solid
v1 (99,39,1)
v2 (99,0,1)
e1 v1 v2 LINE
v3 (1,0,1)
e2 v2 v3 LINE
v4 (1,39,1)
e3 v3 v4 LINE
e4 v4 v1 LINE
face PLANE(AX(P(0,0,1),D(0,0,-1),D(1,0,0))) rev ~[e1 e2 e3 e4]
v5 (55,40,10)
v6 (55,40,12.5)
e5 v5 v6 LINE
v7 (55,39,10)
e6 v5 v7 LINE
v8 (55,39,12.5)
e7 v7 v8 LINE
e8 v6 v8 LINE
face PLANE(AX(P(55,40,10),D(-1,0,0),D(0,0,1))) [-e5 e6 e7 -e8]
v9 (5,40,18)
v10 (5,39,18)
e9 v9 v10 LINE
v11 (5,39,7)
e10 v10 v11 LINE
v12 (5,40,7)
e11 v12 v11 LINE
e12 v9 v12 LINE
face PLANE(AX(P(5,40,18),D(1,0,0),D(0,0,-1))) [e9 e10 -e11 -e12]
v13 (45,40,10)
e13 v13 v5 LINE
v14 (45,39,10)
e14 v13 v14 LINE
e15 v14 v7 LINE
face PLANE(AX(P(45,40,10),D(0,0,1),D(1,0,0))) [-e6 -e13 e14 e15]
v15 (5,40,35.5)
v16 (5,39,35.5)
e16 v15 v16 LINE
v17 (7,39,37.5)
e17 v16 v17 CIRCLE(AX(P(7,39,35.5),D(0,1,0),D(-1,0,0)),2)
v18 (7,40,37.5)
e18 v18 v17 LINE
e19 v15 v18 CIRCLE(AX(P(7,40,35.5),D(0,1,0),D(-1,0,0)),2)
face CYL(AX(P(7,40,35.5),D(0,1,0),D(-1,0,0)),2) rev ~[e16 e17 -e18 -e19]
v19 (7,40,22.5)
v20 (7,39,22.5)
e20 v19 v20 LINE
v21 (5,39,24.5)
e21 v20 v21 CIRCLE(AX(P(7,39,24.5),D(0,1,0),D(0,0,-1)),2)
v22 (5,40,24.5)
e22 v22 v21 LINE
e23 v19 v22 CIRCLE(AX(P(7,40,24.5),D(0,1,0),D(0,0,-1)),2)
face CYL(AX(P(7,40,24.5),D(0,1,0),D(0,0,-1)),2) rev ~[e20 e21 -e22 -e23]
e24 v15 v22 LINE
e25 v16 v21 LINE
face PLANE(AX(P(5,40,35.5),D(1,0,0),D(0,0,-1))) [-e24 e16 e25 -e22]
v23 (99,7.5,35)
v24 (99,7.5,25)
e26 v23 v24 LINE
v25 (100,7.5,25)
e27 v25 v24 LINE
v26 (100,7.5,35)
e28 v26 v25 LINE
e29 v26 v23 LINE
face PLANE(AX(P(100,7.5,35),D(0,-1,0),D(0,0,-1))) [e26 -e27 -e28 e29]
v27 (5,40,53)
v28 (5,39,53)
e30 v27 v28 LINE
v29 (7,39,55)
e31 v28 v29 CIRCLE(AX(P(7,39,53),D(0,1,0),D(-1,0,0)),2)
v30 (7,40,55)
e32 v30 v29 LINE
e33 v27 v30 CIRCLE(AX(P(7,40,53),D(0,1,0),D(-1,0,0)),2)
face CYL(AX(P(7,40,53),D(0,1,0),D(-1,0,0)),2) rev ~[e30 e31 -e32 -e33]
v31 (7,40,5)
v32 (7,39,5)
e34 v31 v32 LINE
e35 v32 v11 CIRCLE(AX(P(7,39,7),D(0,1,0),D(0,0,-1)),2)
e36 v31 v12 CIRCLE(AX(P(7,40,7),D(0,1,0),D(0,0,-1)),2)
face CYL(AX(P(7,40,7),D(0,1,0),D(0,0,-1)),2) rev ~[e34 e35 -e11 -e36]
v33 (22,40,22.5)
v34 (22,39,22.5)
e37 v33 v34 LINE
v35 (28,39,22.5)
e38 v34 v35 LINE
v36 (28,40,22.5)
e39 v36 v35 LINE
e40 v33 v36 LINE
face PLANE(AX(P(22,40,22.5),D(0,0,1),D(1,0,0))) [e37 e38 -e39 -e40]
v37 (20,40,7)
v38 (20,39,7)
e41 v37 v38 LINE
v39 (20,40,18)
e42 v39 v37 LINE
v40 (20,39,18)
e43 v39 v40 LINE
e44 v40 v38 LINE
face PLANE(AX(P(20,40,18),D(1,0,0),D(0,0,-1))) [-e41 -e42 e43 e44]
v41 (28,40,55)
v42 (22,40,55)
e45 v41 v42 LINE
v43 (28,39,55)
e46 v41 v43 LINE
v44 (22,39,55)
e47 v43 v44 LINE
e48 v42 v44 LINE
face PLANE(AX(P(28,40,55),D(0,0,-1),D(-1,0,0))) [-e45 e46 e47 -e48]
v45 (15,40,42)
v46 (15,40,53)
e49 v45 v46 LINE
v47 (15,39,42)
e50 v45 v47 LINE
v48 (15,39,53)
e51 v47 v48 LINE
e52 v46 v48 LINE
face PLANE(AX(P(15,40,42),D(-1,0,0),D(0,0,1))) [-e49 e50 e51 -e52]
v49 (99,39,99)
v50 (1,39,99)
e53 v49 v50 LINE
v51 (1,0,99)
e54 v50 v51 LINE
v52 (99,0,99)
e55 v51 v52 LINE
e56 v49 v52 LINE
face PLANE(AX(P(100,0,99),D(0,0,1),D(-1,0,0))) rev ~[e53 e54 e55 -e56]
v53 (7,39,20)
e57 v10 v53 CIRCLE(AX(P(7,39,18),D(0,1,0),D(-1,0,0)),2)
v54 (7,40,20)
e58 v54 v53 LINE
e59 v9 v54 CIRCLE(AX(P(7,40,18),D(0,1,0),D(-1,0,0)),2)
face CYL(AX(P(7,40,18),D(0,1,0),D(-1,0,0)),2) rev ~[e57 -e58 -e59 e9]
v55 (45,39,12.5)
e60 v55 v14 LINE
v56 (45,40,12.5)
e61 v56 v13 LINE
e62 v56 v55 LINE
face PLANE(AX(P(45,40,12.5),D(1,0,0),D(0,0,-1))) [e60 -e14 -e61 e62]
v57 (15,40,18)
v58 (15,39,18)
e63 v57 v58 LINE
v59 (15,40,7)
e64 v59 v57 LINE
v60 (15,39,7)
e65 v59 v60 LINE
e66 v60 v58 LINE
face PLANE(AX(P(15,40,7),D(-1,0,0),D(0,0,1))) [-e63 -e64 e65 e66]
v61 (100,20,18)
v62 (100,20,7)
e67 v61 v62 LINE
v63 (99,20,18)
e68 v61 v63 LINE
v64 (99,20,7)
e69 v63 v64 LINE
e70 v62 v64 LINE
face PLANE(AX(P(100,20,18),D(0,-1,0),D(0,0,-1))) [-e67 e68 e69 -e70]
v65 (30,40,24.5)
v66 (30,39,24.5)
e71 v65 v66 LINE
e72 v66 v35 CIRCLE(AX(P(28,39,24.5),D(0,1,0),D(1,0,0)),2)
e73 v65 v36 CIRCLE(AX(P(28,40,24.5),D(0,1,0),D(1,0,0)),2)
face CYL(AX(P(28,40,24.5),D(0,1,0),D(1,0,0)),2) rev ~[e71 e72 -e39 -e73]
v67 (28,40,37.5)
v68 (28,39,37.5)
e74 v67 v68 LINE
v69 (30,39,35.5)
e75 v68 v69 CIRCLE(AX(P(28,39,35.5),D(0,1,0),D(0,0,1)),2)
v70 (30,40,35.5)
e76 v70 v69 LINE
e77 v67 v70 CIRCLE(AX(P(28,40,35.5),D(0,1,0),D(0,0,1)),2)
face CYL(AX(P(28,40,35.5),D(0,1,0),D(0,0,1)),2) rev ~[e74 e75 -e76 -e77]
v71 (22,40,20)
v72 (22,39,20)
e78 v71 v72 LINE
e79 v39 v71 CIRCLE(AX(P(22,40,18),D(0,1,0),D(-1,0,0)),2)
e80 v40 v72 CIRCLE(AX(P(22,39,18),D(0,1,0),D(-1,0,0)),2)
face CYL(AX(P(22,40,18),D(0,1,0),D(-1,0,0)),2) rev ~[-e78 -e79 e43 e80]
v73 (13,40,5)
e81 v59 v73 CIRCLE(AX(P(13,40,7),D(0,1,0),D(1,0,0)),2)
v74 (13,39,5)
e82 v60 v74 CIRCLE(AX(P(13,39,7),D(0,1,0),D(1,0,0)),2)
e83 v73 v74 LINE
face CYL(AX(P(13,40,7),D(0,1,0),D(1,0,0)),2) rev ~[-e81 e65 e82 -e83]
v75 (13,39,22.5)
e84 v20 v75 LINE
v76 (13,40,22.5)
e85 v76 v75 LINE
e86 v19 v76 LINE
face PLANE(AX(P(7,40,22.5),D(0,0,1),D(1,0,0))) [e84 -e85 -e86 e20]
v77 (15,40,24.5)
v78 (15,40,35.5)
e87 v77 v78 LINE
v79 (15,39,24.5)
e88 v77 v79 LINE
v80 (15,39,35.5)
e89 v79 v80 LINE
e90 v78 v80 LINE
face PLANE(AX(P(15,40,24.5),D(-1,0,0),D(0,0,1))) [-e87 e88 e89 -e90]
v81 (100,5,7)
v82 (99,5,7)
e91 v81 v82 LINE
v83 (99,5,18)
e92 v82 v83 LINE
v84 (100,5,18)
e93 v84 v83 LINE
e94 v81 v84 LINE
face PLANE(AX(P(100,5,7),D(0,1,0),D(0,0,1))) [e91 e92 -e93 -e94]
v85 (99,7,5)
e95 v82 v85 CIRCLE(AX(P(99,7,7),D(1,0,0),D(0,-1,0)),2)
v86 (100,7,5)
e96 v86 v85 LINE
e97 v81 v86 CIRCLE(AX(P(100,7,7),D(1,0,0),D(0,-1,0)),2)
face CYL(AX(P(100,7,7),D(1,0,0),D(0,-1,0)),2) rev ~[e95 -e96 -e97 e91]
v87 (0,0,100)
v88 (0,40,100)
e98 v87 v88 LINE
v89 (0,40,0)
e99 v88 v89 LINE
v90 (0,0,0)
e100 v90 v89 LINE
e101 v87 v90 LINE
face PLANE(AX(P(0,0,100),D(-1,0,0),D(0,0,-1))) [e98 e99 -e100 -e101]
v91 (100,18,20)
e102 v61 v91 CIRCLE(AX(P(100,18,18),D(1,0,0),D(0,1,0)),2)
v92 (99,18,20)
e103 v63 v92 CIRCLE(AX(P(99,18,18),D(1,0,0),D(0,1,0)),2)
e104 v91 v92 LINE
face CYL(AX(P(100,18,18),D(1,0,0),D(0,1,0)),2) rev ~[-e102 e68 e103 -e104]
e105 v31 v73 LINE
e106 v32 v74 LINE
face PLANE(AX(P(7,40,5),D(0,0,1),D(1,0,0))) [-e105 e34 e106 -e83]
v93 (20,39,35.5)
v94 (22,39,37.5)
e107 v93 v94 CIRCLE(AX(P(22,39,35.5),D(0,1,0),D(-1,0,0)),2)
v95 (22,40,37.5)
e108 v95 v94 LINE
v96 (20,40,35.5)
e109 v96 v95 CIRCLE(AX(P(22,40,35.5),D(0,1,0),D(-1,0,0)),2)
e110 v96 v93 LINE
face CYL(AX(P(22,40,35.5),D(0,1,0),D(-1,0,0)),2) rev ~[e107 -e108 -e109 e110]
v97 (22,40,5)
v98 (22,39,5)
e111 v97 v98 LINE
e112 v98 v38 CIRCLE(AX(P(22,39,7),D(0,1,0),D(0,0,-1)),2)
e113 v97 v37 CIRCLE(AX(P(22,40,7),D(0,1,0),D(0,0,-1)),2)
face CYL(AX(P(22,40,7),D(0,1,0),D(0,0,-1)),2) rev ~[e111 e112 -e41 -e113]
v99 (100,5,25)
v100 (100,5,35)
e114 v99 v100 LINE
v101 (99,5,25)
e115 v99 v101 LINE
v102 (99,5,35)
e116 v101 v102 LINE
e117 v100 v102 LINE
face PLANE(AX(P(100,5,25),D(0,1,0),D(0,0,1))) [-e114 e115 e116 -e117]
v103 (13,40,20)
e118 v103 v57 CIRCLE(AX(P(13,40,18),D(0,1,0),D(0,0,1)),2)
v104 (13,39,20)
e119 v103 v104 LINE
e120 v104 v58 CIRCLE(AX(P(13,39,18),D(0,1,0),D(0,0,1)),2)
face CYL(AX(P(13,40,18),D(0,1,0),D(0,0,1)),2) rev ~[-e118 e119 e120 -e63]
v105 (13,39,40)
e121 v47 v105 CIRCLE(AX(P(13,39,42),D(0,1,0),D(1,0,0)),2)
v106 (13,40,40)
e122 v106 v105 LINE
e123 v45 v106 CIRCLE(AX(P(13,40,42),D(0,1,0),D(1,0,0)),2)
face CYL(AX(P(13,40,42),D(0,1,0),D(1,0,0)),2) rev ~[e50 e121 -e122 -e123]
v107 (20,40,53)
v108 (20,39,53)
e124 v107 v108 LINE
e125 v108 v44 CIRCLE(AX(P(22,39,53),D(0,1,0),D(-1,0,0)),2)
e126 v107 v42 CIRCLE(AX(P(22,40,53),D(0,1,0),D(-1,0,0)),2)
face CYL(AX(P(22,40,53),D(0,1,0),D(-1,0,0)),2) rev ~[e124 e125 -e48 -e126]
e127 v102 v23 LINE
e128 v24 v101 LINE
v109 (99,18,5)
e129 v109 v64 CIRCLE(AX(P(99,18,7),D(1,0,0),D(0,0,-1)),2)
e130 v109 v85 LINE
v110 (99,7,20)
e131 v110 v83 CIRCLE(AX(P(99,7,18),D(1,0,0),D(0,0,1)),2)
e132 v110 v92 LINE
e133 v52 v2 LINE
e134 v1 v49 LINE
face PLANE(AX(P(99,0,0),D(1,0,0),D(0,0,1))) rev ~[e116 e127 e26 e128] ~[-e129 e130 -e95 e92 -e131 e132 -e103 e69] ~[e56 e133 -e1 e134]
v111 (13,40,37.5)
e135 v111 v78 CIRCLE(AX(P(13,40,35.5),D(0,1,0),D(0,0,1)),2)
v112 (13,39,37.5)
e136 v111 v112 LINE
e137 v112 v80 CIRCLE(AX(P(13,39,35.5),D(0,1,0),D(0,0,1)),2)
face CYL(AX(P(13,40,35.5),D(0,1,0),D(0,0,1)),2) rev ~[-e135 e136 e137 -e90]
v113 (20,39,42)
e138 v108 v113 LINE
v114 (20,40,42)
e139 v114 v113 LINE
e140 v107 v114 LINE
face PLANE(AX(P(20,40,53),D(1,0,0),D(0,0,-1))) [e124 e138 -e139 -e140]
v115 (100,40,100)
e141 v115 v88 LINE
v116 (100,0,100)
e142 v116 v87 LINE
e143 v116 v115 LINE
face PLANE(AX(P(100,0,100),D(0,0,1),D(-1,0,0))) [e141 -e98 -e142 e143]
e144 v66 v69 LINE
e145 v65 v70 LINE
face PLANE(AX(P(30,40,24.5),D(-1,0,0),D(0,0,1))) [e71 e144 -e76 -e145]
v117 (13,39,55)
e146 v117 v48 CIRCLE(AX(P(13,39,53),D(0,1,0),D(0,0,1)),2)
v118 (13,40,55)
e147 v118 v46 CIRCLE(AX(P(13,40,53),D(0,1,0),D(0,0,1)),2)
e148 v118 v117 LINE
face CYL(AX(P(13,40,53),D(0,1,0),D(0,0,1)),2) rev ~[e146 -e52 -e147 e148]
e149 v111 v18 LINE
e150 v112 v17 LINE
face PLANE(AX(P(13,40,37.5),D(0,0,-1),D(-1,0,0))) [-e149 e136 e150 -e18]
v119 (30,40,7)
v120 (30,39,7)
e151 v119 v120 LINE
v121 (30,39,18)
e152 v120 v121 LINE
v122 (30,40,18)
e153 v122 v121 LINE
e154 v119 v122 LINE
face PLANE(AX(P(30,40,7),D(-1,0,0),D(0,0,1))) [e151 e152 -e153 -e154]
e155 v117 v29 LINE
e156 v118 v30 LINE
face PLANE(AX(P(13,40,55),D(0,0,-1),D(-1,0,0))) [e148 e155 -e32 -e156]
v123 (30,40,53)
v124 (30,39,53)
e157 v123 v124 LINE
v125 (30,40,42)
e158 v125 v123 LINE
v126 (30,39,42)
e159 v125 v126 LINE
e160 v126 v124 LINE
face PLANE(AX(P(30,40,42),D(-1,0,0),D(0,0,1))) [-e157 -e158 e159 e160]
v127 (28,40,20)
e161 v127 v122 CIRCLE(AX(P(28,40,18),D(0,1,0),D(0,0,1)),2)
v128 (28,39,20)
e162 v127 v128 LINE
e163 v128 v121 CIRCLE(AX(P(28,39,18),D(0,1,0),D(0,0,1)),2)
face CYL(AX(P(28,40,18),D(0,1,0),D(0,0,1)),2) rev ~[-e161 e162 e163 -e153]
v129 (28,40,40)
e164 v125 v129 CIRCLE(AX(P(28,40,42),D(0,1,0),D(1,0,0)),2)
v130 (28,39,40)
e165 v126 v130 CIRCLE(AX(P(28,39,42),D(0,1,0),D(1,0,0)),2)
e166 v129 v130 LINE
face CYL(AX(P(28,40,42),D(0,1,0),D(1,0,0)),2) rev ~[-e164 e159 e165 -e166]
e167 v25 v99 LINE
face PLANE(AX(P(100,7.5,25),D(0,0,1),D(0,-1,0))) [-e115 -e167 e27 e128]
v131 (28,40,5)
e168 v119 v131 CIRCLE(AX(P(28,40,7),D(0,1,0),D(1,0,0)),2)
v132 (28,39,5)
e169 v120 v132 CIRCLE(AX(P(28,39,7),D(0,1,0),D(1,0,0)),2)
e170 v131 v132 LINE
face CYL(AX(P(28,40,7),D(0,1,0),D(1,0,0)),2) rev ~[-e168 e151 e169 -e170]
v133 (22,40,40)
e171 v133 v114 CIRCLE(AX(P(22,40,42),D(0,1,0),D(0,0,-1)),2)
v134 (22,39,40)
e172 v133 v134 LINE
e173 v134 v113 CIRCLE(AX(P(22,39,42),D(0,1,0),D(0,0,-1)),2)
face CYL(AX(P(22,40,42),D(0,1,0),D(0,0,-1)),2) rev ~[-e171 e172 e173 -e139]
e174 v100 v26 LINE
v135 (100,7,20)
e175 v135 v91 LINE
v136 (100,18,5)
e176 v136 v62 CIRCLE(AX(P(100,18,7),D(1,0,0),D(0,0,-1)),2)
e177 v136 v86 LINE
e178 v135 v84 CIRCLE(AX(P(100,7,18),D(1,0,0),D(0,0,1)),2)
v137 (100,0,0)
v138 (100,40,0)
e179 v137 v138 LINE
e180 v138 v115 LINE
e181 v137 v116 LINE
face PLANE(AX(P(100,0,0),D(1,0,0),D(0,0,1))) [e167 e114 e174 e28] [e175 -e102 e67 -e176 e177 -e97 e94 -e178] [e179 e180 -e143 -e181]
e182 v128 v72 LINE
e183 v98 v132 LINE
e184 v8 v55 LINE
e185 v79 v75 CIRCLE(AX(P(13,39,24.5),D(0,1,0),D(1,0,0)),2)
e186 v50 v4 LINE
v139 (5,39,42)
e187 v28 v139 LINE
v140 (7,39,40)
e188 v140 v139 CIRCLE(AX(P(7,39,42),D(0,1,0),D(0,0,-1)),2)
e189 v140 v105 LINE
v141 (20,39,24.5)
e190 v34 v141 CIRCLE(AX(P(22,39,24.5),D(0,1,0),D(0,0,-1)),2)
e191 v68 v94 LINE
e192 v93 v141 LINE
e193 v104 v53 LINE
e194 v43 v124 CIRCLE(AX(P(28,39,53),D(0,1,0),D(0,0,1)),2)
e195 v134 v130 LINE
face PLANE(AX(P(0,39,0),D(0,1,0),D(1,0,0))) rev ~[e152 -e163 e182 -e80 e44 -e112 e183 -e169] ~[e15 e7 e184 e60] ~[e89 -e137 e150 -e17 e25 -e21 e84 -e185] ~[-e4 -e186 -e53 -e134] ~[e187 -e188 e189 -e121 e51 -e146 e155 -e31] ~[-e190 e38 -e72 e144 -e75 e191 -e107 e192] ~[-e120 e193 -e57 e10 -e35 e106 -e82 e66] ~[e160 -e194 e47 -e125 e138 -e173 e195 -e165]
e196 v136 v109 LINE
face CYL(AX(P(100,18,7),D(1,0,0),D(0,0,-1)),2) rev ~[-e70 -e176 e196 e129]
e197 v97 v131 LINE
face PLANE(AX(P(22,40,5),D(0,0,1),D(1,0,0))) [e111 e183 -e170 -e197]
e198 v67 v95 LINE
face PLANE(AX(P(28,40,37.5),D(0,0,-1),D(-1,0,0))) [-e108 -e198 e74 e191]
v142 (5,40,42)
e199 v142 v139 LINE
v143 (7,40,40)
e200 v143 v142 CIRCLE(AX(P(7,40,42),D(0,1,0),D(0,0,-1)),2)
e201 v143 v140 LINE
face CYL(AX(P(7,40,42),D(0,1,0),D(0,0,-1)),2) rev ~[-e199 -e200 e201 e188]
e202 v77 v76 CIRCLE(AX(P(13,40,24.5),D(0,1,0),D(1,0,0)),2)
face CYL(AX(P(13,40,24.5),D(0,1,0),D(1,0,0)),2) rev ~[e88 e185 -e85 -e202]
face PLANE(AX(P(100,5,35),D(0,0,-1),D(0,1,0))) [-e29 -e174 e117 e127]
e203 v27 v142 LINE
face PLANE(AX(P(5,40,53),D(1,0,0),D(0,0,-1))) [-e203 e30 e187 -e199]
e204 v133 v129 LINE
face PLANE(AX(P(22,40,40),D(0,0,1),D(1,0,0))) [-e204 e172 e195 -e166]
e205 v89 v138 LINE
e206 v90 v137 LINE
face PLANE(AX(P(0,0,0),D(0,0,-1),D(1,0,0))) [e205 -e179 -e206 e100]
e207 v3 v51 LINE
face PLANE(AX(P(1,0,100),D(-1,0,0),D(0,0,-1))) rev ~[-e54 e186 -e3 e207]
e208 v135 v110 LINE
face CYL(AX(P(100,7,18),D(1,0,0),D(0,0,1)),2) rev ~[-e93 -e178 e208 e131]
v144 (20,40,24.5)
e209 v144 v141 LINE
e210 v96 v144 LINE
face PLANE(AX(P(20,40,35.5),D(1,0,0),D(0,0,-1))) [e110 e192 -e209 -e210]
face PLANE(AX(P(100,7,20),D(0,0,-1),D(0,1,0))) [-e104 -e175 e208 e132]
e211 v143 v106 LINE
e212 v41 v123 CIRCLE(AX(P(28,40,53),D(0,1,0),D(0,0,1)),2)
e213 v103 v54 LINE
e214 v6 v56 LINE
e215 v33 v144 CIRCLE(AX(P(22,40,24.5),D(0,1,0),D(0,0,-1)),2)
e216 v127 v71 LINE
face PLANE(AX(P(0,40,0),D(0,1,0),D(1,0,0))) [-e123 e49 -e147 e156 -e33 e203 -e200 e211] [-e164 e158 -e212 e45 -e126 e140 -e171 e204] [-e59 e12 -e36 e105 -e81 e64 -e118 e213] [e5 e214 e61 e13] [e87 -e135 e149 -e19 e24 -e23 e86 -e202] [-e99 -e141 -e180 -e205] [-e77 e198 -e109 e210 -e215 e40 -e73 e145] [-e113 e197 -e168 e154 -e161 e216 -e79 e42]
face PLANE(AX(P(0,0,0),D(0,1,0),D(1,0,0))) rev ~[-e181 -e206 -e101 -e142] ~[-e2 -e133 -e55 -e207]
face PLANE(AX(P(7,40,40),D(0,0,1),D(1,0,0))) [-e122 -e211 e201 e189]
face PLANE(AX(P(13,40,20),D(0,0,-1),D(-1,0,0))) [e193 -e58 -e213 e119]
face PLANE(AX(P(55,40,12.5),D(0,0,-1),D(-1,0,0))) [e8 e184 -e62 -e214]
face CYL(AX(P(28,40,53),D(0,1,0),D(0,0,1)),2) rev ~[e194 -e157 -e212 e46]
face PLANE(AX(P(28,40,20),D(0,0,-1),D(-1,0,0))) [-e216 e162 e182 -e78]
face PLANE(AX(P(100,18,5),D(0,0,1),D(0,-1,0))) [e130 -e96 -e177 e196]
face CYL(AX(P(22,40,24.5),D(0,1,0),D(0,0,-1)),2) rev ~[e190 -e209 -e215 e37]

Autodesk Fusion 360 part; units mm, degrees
sketch "Sketch1" plane through (0, 0, 0) normal (0, 1, 0) x (1, 0, 0) in component "Outer Hull"
  line L0 (0, 0) -> (100, 0)
  line L1 (100, 0) -> (100, -100)
  line L2 (100, -100) -> (0, -100)
  line L3 (0, -100) -> (0, 0)
  dimension "d1" = 100
  dimension "d2" = 100
extrude "Extrude1" add sketch "Sketch1" along normal blind 40 in component "Outer Hull"
shell "Shell1" thickness 1 removed faces 1 at (33.3333, 0, 33.3333) in component "Outer Hull"
sketch "Button hole" plane through (0, 40, 0) normal (0, 1, 0) x (-1, 0, 0)
  line L0 (0, 100) -> (-100, 100)
  line L1 (-100, 100) -> (-100, 0)
  line L2 (-100, 0) -> (0, 0)
  line L3 (0, 0) -> (0, 100)
  line L4 (-7, 5) -> (-13, 5)
  line L5 (-15, 7) -> (-15, 18)
  line L6 (-13, 20) -> (-7, 20)
  line L7 (-5, 18) -> (-5, 7)
  arc A0 (-7, 5) -> (-5, 7) centre (-7, 7) ccw
  arc A1 (-15, 7) -> (-13, 5) centre (-13, 7) ccw
  arc A2 (-13, 20) -> (-15, 18) centre (-13, 18) ccw
  arc A3 (-5, 18) -> (-7, 20) centre (-7, 18) ccw
  dimension "d6" = 2
extrude "Extrude2" cut sketch "Button hole" against normal blind 1 contours L4 L5 L6 L7 A0 A1 A2 A3 in component "Outer Hull"
pattern_linear "R-Pattern1" count 3 spacing 17.5 along (0, 0, 1) count 2 spacing 15 along (1, 0, 0) of "Extrude2" in component "Outer Hull"
sketch "Top toggle" plane through (0, 40, 0) normal (0, 1, 0) x (-1, 0, 0)
  line L0 (-20, 18) -> (-20, 7)
  arc A0 (-22, 5) -> (-20, 7) centre (-22, 7) ccw
  line L1 (-22, 5) -> (-28, 5)
  arc A1 (-30, 7) -> (-28, 5) centre (-28, 7) ccw
  line L2 (-30, 7) -> (-30, 18)
  arc A2 (-28, 20) -> (-30, 18) centre (-28, 18) ccw
  line L3 (-28, 20) -> (-22, 20)
  arc A3 (-20, 18) -> (-22, 20) centre (-22, 18) ccw
  line L4 (-5, 18) -> (-5, 7)
  arc A4 (-7, 5) -> (-5, 7) centre (-7, 7) ccw
  line L5 (-7, 5) -> (-13, 5)
  arc A5 (-15, 7) -> (-13, 5) centre (-13, 7) ccw
  line L6 (-15, 7) -> (-15, 18)
  arc A6 (-13, 20) -> (-15, 18) centre (-13, 18) ccw
  line L7 (-13, 20) -> (-7, 20)
  arc A7 (-5, 18) -> (-7, 20) centre (-7, 18) ccw
  line L8 (0, 100) -> (-100, 100)
  line L9 (-100, 100) -> (-100, 0)
  line L10 (-100, 0) -> (0, 0)
  line L11 (0, 0) -> (0, 100)
  line L12 (-45, 10) -> (-55, 10)
  line L13 (-55, 10) -> (-55, 12.5)
  line L14 (-55, 12.5) -> (-45, 12.5)
  line L15 (-45, 12.5) -> (-45, 10)
  line L16 (-20, 53) -> (-20, 42)
  arc A8 (-22, 40) -> (-20, 42) centre (-22, 42) ccw
  line L17 (-22, 40) -> (-28, 40)
  arc A9 (-30, 42) -> (-28, 40) centre (-28, 42) ccw
  line L18 (-30, 42) -> (-30, 53)
  arc A10 (-28, 55) -> (-30, 53) centre (-28, 53) ccw
  line L19 (-28, 55) -> (-22, 55)
  arc A11 (-20, 53) -> (-22, 55) centre (-22, 53) ccw
  line L20 (-20, 35.5) -> (-20, 24.5)
  arc A12 (-22, 22.5) -> (-20, 24.5) centre (-22, 24.5) ccw
  line L21 (-22, 22.5) -> (-28, 22.5)
  arc A13 (-30, 24.5) -> (-28, 22.5) centre (-28, 24.5) ccw
  line L22 (-30, 24.5) -> (-30, 35.5)
  arc A14 (-28, 37.5) -> (-30, 35.5) centre (-28, 35.5) ccw
  line L23 (-28, 37.5) -> (-22, 37.5)
  arc A15 (-20, 35.5) -> (-22, 37.5) centre (-22, 35.5) ccw
  line L24 (-5, 53) -> (-5, 42)
  arc A16 (-7, 40) -> (-5, 42) centre (-7, 42) ccw
  line L25 (-7, 40) -> (-13, 40)
  arc A17 (-15, 42) -> (-13, 40) centre (-13, 42) ccw
  line L26 (-15, 42) -> (-15, 53)
  arc A18 (-13, 55) -> (-15, 53) centre (-13, 53) ccw
  line L27 (-13, 55) -> (-7, 55)
  arc A19 (-5, 53) -> (-7, 55) centre (-7, 53) ccw
  line L28 (-5, 35.5) -> (-5, 24.5)
  arc A20 (-7, 22.5) -> (-5, 24.5) centre (-7, 24.5) ccw
  line L29 (-7, 22.5) -> (-13, 22.5)
  arc A21 (-15, 24.5) -> (-13, 22.5) centre (-13, 24.5) ccw
  line L30 (-15, 24.5) -> (-15, 35.5)
  arc A22 (-13, 37.5) -> (-15, 35.5) centre (-13, 35.5) ccw
  line L31 (-13, 37.5) -> (-7, 37.5)
  arc A23 (-5, 35.5) -> (-7, 37.5) centre (-7, 35.5) ccw
  dimension "d17" = 10
  dimension "d18" = 2.5
extrude "Extrude3" cut sketch "Top toggle" against normal blind 1 contours L12 L13 L14 L15 in component "Outer Hull"
sketch "Wire inlet" plane through (100, 0, 0) normal (1, 0, 0) x (0, 0, -1)
  line L0 (-100, 0) -> (0, 0)
  line L1 (0, 0) -> (0, 40)
  line L2 (0, 40) -> (-100, 40)
  line L3 (-100, 40) -> (-100, 0)
  line L4 (-7, 5) -> (-18, 5)
  line L5 (-20, 7) -> (-20, 18)
  line L6 (-18, 20) -> (-7, 20)
  line L7 (-5, 18) -> (-5, 7)
  arc A0 (-18, 20) -> (-20, 18) centre (-18, 18) ccw
  arc A1 (-5, 18) -> (-7, 20) centre (-7, 18) ccw
  arc A2 (-7, 5) -> (-5, 7) centre (-7, 7) ccw
  arc A3 (-20, 7) -> (-18, 5) centre (-18, 7) ccw
  dimension "d21" = 2
extrude "Extrude4" cut sketch "Wire inlet" against normal blind 1 contours L4 L5 L6 L7 A0 A1 A2 A3 in component "Outer Hull"
sketch "Sketch4" plane through (100, 0, 0) normal (1, 0, 0) x (0, 0, -1)
  line L0 (-20, 7) -> (-20, 18)
  arc A0 (-18, 20) -> (-20, 18) centre (-18, 18) ccw
  line L1 (-18, 20) -> (-7, 20)
  arc A1 (-5, 18) -> (-7, 20) centre (-7, 18) ccw
  line L2 (-5, 18) -> (-5, 7)
  arc A2 (-7, 5) -> (-5, 7) centre (-7, 7) ccw
  line L3 (-7, 5) -> (-18, 5)
  arc A3 (-20, 7) -> (-18, 5) centre (-18, 7) ccw
  line L4 (-100, 0) -> (0, 0)
  line L5 (0, 0) -> (0, 40)
  line L6 (0, 40) -> (-100, 40)
  line L7 (-100, 40) -> (-100, 0)
  line L8 (-25, 5) -> (-35, 5)
  line L9 (-35, 5) -> (-35, 7.5)
  line L10 (-35, 7.5) -> (-25, 7.5)
  line L11 (-25, 7.5) -> (-25, 5)
  dimension "d24" = 10
  dimension "d25" = 2.5
extrude "Extrude5" cut sketch "Sketch4" against normal blind 1 contours L8 L9 L10 L11 in component "Outer Hull"
component "Outer Hull" placed x (1, 0, 0) y (0, 1, 0) z (0, 0, 1) at (0, 0, 0)
